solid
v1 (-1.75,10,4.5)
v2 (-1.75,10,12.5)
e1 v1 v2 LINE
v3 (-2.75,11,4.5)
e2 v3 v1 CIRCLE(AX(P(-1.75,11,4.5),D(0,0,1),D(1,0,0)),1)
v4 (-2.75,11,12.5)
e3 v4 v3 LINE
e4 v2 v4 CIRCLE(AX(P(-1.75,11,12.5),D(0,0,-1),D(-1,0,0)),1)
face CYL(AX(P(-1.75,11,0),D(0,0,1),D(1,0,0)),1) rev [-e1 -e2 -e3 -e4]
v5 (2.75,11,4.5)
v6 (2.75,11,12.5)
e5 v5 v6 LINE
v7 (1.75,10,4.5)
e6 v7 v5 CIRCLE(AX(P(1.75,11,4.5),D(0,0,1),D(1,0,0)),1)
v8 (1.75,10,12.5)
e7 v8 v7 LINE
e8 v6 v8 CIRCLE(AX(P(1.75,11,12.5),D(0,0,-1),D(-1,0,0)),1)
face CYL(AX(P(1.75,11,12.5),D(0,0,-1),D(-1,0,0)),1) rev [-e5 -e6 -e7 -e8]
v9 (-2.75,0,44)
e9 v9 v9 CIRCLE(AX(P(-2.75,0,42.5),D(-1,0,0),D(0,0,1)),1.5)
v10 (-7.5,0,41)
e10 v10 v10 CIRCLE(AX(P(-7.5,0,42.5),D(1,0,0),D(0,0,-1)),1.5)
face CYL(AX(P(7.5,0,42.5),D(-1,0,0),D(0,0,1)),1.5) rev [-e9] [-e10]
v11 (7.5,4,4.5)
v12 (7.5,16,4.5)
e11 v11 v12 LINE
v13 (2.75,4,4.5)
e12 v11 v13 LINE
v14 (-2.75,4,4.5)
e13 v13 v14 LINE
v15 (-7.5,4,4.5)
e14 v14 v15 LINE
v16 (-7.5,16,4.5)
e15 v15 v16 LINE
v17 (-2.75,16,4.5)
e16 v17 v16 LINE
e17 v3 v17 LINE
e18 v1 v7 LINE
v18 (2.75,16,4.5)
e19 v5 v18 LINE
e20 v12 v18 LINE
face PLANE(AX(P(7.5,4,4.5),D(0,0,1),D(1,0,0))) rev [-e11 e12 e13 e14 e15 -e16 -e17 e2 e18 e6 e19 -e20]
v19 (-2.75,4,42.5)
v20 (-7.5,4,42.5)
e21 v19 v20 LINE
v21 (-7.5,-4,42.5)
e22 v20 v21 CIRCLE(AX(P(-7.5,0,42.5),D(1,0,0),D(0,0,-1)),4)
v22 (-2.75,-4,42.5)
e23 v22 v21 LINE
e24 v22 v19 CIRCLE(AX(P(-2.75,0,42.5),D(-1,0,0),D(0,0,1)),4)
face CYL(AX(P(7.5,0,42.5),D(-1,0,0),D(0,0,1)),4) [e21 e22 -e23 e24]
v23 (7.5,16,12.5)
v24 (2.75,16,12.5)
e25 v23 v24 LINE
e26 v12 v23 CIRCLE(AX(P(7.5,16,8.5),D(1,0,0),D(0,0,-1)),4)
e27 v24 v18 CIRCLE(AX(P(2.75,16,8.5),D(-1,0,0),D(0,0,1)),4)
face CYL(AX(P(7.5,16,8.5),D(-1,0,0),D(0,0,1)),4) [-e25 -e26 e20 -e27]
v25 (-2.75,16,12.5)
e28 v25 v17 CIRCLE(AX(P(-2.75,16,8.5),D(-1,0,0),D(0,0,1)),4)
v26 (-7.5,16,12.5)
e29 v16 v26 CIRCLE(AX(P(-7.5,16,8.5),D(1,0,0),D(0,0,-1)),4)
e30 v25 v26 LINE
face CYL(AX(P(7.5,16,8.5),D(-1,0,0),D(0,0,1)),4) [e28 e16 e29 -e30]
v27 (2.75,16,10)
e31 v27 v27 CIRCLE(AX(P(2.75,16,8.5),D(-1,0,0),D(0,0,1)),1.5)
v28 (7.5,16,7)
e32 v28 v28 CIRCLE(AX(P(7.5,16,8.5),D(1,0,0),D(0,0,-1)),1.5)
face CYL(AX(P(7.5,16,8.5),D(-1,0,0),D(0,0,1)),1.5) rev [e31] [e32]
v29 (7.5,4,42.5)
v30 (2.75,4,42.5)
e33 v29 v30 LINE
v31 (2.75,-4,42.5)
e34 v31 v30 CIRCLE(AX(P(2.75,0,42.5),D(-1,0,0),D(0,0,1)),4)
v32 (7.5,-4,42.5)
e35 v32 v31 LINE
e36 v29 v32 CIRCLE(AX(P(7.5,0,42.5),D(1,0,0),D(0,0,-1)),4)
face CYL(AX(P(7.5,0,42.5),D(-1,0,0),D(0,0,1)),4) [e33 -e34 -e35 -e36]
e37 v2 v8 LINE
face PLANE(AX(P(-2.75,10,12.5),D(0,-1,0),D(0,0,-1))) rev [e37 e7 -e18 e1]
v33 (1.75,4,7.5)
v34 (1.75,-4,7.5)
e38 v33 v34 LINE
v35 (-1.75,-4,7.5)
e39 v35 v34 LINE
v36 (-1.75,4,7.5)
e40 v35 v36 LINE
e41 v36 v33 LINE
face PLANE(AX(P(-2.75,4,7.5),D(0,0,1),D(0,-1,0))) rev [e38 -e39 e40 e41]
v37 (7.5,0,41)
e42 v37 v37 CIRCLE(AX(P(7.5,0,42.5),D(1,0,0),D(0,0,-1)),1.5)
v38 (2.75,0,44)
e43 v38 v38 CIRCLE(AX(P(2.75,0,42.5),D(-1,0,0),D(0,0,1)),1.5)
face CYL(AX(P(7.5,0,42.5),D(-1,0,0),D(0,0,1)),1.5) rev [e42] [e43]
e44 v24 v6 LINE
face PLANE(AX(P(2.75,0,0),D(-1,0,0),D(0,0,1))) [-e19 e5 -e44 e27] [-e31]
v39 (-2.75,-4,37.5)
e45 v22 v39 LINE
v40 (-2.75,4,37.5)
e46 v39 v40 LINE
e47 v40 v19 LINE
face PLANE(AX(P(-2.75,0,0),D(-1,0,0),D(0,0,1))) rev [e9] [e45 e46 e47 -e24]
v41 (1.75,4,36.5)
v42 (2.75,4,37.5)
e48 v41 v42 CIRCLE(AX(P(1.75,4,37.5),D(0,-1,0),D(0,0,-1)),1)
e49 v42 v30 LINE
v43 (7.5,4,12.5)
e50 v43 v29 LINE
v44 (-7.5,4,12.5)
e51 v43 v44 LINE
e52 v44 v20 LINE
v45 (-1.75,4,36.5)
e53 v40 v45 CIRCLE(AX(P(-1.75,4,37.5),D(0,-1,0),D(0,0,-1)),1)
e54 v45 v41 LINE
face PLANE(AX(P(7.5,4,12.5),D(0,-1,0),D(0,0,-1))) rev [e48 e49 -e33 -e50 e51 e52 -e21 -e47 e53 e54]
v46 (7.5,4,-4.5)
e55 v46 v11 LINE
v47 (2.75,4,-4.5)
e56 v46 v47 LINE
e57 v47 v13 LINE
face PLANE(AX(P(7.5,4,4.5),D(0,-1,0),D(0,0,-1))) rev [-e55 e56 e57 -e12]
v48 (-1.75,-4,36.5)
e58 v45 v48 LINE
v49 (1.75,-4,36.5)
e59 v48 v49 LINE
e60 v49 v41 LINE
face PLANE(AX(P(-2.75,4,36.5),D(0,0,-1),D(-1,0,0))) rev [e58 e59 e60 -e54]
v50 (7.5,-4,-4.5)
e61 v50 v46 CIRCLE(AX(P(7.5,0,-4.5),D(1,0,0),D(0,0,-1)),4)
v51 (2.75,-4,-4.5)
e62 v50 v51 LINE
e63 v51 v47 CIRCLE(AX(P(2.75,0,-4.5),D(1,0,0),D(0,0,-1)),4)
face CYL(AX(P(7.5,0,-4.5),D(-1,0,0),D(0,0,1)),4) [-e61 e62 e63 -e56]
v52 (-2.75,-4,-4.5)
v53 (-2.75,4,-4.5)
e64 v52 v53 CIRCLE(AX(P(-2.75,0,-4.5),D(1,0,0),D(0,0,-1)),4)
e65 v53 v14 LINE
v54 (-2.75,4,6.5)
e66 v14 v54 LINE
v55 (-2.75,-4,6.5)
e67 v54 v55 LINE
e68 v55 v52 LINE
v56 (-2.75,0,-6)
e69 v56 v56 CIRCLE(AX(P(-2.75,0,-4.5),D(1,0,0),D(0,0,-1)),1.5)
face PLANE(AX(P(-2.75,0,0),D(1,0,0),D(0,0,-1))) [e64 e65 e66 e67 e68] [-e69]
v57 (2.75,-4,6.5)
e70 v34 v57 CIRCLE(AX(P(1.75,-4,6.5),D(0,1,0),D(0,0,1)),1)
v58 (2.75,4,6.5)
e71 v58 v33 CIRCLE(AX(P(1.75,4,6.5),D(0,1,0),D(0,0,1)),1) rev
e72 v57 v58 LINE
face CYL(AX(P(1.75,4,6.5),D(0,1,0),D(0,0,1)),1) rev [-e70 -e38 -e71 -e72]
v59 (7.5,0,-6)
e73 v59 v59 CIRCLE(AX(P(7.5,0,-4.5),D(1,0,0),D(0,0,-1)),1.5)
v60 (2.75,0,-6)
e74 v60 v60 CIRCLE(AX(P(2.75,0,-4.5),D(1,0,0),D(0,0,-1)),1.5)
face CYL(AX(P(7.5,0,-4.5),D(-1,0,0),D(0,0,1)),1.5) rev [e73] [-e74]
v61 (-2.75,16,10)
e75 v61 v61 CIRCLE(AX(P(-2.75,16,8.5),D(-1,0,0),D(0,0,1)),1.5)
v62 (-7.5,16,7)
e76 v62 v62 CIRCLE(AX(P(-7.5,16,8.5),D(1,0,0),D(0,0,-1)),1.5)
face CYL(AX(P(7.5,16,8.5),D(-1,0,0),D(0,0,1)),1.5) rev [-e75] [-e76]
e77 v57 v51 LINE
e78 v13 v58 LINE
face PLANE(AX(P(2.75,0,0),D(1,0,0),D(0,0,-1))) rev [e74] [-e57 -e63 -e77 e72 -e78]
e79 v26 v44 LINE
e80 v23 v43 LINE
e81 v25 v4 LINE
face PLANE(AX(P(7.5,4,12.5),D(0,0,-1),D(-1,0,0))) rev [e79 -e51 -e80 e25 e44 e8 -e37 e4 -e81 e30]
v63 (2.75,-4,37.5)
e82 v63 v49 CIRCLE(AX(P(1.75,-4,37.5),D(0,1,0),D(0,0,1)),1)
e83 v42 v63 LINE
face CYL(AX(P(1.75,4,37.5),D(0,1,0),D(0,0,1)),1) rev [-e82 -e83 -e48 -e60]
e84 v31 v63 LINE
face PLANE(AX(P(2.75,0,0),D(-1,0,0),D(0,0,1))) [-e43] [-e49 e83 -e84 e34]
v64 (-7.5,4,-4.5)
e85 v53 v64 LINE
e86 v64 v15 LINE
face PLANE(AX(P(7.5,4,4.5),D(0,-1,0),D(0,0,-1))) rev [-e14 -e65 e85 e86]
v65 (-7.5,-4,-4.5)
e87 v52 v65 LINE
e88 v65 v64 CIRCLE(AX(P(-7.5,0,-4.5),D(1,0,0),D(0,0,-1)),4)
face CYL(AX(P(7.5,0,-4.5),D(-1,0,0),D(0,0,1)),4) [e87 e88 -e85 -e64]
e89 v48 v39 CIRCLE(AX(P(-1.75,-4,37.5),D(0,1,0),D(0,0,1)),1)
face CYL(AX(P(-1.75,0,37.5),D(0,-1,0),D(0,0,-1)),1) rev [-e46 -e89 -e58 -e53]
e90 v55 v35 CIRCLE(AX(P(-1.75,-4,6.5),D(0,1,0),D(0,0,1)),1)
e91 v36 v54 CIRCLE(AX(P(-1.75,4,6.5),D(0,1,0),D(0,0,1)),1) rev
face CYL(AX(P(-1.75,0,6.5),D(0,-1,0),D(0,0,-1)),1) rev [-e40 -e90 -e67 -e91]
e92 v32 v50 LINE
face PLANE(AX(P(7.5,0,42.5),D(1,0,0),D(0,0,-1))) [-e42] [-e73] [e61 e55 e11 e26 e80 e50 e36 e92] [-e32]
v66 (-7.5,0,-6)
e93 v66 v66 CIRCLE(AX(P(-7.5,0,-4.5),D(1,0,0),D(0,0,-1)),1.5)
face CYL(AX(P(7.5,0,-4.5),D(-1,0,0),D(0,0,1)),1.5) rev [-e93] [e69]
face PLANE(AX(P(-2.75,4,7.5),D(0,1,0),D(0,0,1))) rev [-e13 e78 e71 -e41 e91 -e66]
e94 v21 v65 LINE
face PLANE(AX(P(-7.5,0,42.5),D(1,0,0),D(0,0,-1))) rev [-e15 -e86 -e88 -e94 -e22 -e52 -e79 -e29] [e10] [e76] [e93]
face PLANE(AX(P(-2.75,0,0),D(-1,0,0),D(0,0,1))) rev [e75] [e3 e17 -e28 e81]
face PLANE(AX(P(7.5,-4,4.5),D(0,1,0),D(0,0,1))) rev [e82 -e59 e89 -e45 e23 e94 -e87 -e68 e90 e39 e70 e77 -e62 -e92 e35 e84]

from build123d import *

# Parameters (mm, degrees)
CROQUIS1_R              = 1.5
SALIENTE_EXTRUIR1_DEPTH = 7.5
CROQUIS2_W              = 8
CROQUIS2_H              = 10
CROQUIS2_W_2            = 16
CROQUIS2_H_2            = 8
CROQUIS2_W_3            = 10
CORTAR_EXTRUIR1_DEPTH   = 2.75
REDONDEO1_R             = 1


with BuildPart() as part:
    # Croquis1 → Saliente-Extruir1 (new, symmetric)
    with BuildSketch(Plane(origin=(0, 0, 0), x_dir=(0, 0, -1), z_dir=(1, 0, 0))):
        with BuildLine():
            Line((-4.5, -4), (4.5, -4))
            ThreePointArc((4.5, -4), (8.5, 0), (4.5, 4))
            Line((4.5, 4), (-4.5, 4))
            Line((-4.5, 4), (-4.5, 16))
            ThreePointArc((-4.5, 16), (-8.5, 20), (-12.5, 16))
            Line((-12.5, 16), (-12.5, 4))
            Line((-12.5, 4), (-42.5, 4))
            ThreePointArc((-42.5, 4), (-46.5, 0), (-42.5, -4))
            Line((-42.5, -4), (-4.5, -4))
        make_face()
        with Locations((4.5, 0)):
            Circle(CROQUIS1_R, mode=Mode.SUBTRACT)
        with Locations((-8.5, 16)):
            Circle(CROQUIS1_R, mode=Mode.SUBTRACT)
        with Locations((-42.5, 0)):
            Circle(CROQUIS1_R, mode=Mode.SUBTRACT)
    extrude(amount=SALIENTE_EXTRUIR1_DEPTH, both=True)

    # Croquis2 → Cortar-Extruir1 (cut, symmetric)
    with BuildSketch(Plane(origin=(0, 0, 0), x_dir=(0, 0, -1), z_dir=(1, 0, 0))):
        with Locations((-8.5, 15)):
            Rectangle(CROQUIS2_W, CROQUIS2_H)
        with Locations((0.5, 0)):
            Rectangle(CROQUIS2_W_2, CROQUIS2_H_2)
        with Locations((-41.5, 0)):
            Rectangle(CROQUIS2_W_3, CROQUIS2_H_2)
    extrude(amount=CORTAR_EXTRUIR1_DEPTH, both=True, mode=Mode.SUBTRACT)

    # Redondeo1
    redondeo1_edges = [part.edges().sort_by_distance(p)[0] for p in [
        (2.75, 10, 8.5),
        (-2.75, 10, 8.5),
        (2.75, 0, 36.5),
        (-2.75, 0, 36.5),
        (2.75, 0, 7.5),
        (-2.75, 0, 7.5),
    ]]
    fillet(redondeo1_edges, radius=REDONDEO1_R)


solid = part.part
